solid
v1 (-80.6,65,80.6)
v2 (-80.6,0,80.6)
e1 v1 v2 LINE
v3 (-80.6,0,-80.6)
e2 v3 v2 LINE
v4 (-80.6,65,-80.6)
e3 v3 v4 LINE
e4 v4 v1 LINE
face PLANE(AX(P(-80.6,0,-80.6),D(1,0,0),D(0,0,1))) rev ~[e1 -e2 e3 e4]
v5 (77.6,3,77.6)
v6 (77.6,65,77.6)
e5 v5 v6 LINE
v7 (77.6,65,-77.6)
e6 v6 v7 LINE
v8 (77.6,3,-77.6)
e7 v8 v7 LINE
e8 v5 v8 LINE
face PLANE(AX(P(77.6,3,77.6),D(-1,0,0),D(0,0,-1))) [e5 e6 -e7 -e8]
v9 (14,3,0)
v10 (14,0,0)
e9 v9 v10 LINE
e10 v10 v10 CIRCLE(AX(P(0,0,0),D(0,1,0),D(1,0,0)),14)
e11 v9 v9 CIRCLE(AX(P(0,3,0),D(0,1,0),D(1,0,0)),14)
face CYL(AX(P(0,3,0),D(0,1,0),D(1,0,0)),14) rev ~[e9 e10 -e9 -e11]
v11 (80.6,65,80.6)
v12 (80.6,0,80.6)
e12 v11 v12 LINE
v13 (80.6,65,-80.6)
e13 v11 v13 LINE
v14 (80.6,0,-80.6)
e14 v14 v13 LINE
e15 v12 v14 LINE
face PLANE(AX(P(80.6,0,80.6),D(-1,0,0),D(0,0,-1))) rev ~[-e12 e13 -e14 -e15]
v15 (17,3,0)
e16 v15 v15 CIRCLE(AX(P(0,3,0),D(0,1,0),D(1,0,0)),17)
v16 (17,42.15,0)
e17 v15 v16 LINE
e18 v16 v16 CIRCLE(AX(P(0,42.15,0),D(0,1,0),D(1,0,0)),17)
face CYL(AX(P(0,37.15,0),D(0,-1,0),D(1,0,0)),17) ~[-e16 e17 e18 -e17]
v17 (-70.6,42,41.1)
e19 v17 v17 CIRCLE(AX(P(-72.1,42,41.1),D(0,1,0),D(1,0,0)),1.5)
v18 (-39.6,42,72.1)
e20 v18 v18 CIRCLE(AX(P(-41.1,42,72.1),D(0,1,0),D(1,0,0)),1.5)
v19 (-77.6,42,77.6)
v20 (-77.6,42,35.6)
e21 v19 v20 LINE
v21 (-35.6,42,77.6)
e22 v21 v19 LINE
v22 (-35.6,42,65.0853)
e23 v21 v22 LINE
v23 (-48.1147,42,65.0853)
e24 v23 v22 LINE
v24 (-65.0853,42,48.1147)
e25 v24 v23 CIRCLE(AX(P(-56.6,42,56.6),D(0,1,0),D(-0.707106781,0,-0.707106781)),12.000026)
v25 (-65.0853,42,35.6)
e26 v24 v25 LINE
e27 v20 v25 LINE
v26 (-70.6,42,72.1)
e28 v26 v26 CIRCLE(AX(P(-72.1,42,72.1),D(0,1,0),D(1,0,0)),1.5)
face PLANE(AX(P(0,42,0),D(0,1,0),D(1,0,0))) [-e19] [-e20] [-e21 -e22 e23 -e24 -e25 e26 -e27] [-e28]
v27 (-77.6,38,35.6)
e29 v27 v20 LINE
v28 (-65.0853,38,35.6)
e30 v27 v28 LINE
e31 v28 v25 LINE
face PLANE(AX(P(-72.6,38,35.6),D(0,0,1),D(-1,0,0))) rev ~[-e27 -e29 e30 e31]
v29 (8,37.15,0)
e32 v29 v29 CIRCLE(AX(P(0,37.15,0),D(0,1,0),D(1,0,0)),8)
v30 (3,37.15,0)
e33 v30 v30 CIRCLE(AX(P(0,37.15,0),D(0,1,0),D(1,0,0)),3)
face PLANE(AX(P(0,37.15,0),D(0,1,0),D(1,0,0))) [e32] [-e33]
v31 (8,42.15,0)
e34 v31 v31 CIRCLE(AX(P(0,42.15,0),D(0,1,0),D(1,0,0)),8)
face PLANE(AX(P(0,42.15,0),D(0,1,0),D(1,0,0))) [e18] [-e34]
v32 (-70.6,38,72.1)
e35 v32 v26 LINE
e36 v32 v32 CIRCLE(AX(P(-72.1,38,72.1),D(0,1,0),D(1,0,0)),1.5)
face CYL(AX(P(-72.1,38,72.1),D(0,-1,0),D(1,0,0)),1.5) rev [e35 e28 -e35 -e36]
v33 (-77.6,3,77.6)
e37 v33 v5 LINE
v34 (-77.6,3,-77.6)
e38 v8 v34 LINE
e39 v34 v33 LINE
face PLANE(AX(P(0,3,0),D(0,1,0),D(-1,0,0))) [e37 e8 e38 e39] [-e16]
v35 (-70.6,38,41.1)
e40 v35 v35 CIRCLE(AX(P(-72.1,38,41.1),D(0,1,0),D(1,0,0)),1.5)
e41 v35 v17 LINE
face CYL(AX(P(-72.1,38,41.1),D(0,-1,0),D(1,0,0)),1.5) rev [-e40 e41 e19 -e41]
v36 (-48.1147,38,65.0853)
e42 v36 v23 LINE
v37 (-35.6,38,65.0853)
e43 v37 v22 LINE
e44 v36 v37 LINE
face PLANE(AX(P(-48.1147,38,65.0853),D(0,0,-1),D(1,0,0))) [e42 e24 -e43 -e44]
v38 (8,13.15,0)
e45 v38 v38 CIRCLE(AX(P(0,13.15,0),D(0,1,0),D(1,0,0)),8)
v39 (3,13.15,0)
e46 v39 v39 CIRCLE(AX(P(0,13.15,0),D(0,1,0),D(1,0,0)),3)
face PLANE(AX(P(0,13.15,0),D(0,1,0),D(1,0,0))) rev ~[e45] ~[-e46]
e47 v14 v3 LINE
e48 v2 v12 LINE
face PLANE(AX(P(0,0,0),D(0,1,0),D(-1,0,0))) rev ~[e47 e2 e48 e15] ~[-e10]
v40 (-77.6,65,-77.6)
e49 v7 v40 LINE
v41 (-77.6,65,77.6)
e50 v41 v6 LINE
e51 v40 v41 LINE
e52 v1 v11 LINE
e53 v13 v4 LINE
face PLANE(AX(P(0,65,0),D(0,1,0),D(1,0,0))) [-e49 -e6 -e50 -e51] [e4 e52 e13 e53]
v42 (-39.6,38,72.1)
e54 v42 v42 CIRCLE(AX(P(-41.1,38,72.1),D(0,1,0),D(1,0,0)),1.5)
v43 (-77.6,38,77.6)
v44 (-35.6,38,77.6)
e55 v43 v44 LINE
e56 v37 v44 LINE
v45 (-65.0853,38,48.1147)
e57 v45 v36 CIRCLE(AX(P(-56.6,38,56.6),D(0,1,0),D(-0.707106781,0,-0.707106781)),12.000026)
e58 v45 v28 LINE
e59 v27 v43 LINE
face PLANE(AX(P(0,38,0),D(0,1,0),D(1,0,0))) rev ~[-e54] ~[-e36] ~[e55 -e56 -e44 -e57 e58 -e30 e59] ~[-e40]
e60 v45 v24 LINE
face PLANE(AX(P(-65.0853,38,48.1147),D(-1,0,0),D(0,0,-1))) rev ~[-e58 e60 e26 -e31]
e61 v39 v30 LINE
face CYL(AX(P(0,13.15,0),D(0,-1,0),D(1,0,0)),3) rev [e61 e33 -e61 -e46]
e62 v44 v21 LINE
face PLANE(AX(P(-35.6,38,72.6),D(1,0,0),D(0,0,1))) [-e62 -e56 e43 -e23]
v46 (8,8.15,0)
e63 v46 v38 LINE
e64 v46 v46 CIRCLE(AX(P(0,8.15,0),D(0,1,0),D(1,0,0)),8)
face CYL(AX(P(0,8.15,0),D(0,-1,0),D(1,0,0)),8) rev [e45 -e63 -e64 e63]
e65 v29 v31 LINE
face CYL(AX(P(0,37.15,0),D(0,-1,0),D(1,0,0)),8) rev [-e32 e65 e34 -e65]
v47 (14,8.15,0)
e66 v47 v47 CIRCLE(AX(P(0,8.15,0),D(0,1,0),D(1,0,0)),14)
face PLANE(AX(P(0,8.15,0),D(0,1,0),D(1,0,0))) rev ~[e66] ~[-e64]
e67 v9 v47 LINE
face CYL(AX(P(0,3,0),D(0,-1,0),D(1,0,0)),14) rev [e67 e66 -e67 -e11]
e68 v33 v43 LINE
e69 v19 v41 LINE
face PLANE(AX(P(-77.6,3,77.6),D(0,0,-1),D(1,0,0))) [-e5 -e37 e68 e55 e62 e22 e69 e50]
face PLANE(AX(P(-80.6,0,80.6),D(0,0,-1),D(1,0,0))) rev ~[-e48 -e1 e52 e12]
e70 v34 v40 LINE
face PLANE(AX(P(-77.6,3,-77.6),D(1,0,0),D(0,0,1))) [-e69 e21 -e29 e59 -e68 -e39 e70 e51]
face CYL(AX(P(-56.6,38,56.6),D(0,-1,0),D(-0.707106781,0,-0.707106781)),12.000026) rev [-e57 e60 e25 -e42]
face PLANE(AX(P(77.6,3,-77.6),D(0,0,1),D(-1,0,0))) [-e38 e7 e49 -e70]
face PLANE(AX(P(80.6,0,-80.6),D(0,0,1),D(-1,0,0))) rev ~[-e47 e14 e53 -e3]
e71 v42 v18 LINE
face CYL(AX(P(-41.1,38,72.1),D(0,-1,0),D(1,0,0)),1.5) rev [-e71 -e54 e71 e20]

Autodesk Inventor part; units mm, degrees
ref_plane "YZ Plane" through (0, 0, 0) normal (1, 0, 0) x (0, 1, 0)
ref_plane "XZ Plane" through (0, 0, 0) normal (0, 1, 0) x (-1, 0, 0)
sketch "Sketch1" plane through (0, 0, 0) normal (0, 1, 0) x (-1, 0, 0)
  line L0 (-80.6, -80.6) -> (80.6, -80.6)
  line L1 (80.6, -80.6) -> (80.6, 80.6)
  line L2 (80.6, 80.6) -> (-80.6, 80.6)
  line L3 (-80.6, 80.6) -> (-80.6, -80.6)
  line L4 (-80.6, -80.6) -> (80.6, 80.6) construction
  line L5 (80.6, -80.6) -> (-80.6, 80.6) construction
  point P0 (0, 0)
  dimension "d0" = 161.2
extrude "Extrusion1" add sketch "Sketch1" along normal blind 3
sketch "Sketch2" plane through (0, 3, 0) normal (0, 1, 0) x (1, 0, 0)
  line L0 (-80.6, 80.6) -> (-80.6, -80.6) projected
  line L1 (-80.6, -80.6) -> (80.6, -80.6) projected
  line L2 (80.6, -80.6) -> (80.6, 80.6) projected
  line L3 (80.6, 80.6) -> (-80.6, 80.6) projected
  line L4 (77.6, 77.6) -> (-77.6, 77.6)
  line L5 (-77.6, 77.6) -> (-77.6, -77.6)
  line L6 (-77.6, -77.6) -> (77.6, -77.6)
  line L7 (77.6, -77.6) -> (77.6, 77.6)
  line L8 (77.6, 77.6) -> (-77.6, -77.6) construction
  line L9 (-77.6, 77.6) -> (77.6, -77.6) construction
  point P0 (0, 0)
  dimension "d3" = 3
  dimension "d4" = 3
extrude "Extrusion2" add sketch "Sketch2" along normal blind 62
sketch "Sketch3" plane through (0, 3, 0) normal (0, 1, 0) x (1, 0, 0)
  circle A0 centre (0, 0) radius 14
  dimension "d7" = 28
extrude "Extrusion3" cut sketch "Sketch3" against normal blind 44.5
ref_plane "Work Plane1" through (0, 38, 0) normal (0, 1, 0) x (1, 0, 0)
sketch "Sketch4" plane through (0, 38, 0) normal (0, 1, 0) x (1, 0, 0)
  line L0 (-77.6, -40.6) -> (-77.6, -72.6) projected
  line L1 (-77.6, -72.6) -> (-72.6, -77.6) construction
  line L2 (-72.6, -77.6) -> (-40.6, -77.6) projected
  line L3 (-40.6, -77.6) -> (-35.6, -72.6) construction
  line L4 (-35.6, -72.6) -> (-35.6, -40.6) projected
  line L5 (-35.6, -40.6) -> (-40.6, -35.6) projected
  line L6 (-40.6, -35.6) -> (-72.6, -35.6) projected
  line L7 (-72.6, -35.6) -> (-77.6, -40.6) construction
  circle A0 centre (-72.1, -41.1) radius 1.5 projected
  circle A1 centre (-72.1, -72.1) radius 1.5 projected
  circle A2 centre (-41.1, -72.1) radius 1.5 projected
  circle A3 centre (-41.1, -41.1) radius 1.5 projected
  circle A4 centre (-56.6, -56.6) radius 11 construction
  line L8 (-38.1, -75.1) -> (-75.1, -38.1) construction
  arc A5 (-65.0853, -48.1147) -> (-48.1147, -65.0853) centre (-56.6, -56.6) ccw
  arc A6 (-48.1147, -65.0853) -> (-65.0853, -48.1147) centre (-56.6, -56.6) ccw construction
  line L9 (-65.0853, -48.1147) -> (-65.0853, -35.6)
  line L10 (-48.1147, -65.0853) -> (-35.6, -65.0853)
  line L11 (-77.6, -77.6) -> (-77.6, 77.6) projected
  line L12 (77.6, -77.6) -> (-77.6, -77.6) projected
  line L13 (-35.6, -72.6) -> (-35.6, -77.6)
  line L14 (-72.6, -35.6) -> (-77.6, -35.6)
  point P0 (0, 0)
  dimension "d11" = 24
extrude "Extrusion4" add sketch "Sketch4" along normal blind 4 contours L11 L14 L6 L9 A5 L10 L4 L13 L12 L2 L0
sketch "Sketch5" plane through (0, 3, 0) normal (0, 1, 0) x (1, 0, 0)
  circle A0 centre (0, 0) radius 14 projected
  line L0 (77.6, 77.6) -> (-77.6, 77.6) projected
  line L1 (-77.6, 77.6) -> (-77.6, -77.6) projected
  line L2 (-77.6, -77.6) -> (77.6, -77.6) projected
  line L3 (77.6, -77.6) -> (77.6, 77.6) projected
  circle A1 centre (0, 0) radius 17
  dimension "d14" = 3
ref_plane "Work Plane2" through (-5.2503, 8.15, -5.2503) normal (0, 1, 0) x (-0.7071, 0, 0.7071)
extrude "Extrusion5" add sketch "Sketch5" along normal up to surface (5.15 mm away) contours A1
sketch "Sketch6" plane through (0, 8.15, 0) normal (0, 1, 0) x (1, 0, 0)
  circle A0 centre (0, 0) radius 17 projected
  circle A1 centre (0, 0) radius 8
  point P0 (0, 0)
  dimension "d17" = 16
extrude "Extrusion6" add sketch "Sketch6" along normal blind 5
sketch "Sketch7" plane through (0, 13.15, 0) normal (0, 1, 0) x (1, 0, 0)
  circle A0 centre (0, 0) radius 17 projected
  circle A1 centre (0, 0) radius 3
  point P0 (0, 0)
  dimension "d20" = 6
extrude "Extrusion7" add sketch "Sketch7" along normal blind 24
sketch "Sketch9" plane through (0, 37.15, 0) normal (0, 1, 0) x (1, 0, 0)
  circle A0 centre (0, 0) radius 8
  circle A1 centre (0, 0) radius 17 projected
  point P0 (0, 0)
  dimension "d23" = 16
extrude "Extrusion8" add sketch "Sketch9" along normal blind 5
equation "\"d0\" = Lenght"
equation "\"d1\" = Gr"
equation "\"d3\" = Gr"
equation "\"d4\" = Gr"
equation "\"d14\" = Gr"
equation "\"d17\" = bearing"
equation "\"d23\" = bearing"
equation "\"Gr\" = 3"
equation "\"Lenght\" = 161.2"
equation "\"bearing\" = 16"
properties part number "Base"
